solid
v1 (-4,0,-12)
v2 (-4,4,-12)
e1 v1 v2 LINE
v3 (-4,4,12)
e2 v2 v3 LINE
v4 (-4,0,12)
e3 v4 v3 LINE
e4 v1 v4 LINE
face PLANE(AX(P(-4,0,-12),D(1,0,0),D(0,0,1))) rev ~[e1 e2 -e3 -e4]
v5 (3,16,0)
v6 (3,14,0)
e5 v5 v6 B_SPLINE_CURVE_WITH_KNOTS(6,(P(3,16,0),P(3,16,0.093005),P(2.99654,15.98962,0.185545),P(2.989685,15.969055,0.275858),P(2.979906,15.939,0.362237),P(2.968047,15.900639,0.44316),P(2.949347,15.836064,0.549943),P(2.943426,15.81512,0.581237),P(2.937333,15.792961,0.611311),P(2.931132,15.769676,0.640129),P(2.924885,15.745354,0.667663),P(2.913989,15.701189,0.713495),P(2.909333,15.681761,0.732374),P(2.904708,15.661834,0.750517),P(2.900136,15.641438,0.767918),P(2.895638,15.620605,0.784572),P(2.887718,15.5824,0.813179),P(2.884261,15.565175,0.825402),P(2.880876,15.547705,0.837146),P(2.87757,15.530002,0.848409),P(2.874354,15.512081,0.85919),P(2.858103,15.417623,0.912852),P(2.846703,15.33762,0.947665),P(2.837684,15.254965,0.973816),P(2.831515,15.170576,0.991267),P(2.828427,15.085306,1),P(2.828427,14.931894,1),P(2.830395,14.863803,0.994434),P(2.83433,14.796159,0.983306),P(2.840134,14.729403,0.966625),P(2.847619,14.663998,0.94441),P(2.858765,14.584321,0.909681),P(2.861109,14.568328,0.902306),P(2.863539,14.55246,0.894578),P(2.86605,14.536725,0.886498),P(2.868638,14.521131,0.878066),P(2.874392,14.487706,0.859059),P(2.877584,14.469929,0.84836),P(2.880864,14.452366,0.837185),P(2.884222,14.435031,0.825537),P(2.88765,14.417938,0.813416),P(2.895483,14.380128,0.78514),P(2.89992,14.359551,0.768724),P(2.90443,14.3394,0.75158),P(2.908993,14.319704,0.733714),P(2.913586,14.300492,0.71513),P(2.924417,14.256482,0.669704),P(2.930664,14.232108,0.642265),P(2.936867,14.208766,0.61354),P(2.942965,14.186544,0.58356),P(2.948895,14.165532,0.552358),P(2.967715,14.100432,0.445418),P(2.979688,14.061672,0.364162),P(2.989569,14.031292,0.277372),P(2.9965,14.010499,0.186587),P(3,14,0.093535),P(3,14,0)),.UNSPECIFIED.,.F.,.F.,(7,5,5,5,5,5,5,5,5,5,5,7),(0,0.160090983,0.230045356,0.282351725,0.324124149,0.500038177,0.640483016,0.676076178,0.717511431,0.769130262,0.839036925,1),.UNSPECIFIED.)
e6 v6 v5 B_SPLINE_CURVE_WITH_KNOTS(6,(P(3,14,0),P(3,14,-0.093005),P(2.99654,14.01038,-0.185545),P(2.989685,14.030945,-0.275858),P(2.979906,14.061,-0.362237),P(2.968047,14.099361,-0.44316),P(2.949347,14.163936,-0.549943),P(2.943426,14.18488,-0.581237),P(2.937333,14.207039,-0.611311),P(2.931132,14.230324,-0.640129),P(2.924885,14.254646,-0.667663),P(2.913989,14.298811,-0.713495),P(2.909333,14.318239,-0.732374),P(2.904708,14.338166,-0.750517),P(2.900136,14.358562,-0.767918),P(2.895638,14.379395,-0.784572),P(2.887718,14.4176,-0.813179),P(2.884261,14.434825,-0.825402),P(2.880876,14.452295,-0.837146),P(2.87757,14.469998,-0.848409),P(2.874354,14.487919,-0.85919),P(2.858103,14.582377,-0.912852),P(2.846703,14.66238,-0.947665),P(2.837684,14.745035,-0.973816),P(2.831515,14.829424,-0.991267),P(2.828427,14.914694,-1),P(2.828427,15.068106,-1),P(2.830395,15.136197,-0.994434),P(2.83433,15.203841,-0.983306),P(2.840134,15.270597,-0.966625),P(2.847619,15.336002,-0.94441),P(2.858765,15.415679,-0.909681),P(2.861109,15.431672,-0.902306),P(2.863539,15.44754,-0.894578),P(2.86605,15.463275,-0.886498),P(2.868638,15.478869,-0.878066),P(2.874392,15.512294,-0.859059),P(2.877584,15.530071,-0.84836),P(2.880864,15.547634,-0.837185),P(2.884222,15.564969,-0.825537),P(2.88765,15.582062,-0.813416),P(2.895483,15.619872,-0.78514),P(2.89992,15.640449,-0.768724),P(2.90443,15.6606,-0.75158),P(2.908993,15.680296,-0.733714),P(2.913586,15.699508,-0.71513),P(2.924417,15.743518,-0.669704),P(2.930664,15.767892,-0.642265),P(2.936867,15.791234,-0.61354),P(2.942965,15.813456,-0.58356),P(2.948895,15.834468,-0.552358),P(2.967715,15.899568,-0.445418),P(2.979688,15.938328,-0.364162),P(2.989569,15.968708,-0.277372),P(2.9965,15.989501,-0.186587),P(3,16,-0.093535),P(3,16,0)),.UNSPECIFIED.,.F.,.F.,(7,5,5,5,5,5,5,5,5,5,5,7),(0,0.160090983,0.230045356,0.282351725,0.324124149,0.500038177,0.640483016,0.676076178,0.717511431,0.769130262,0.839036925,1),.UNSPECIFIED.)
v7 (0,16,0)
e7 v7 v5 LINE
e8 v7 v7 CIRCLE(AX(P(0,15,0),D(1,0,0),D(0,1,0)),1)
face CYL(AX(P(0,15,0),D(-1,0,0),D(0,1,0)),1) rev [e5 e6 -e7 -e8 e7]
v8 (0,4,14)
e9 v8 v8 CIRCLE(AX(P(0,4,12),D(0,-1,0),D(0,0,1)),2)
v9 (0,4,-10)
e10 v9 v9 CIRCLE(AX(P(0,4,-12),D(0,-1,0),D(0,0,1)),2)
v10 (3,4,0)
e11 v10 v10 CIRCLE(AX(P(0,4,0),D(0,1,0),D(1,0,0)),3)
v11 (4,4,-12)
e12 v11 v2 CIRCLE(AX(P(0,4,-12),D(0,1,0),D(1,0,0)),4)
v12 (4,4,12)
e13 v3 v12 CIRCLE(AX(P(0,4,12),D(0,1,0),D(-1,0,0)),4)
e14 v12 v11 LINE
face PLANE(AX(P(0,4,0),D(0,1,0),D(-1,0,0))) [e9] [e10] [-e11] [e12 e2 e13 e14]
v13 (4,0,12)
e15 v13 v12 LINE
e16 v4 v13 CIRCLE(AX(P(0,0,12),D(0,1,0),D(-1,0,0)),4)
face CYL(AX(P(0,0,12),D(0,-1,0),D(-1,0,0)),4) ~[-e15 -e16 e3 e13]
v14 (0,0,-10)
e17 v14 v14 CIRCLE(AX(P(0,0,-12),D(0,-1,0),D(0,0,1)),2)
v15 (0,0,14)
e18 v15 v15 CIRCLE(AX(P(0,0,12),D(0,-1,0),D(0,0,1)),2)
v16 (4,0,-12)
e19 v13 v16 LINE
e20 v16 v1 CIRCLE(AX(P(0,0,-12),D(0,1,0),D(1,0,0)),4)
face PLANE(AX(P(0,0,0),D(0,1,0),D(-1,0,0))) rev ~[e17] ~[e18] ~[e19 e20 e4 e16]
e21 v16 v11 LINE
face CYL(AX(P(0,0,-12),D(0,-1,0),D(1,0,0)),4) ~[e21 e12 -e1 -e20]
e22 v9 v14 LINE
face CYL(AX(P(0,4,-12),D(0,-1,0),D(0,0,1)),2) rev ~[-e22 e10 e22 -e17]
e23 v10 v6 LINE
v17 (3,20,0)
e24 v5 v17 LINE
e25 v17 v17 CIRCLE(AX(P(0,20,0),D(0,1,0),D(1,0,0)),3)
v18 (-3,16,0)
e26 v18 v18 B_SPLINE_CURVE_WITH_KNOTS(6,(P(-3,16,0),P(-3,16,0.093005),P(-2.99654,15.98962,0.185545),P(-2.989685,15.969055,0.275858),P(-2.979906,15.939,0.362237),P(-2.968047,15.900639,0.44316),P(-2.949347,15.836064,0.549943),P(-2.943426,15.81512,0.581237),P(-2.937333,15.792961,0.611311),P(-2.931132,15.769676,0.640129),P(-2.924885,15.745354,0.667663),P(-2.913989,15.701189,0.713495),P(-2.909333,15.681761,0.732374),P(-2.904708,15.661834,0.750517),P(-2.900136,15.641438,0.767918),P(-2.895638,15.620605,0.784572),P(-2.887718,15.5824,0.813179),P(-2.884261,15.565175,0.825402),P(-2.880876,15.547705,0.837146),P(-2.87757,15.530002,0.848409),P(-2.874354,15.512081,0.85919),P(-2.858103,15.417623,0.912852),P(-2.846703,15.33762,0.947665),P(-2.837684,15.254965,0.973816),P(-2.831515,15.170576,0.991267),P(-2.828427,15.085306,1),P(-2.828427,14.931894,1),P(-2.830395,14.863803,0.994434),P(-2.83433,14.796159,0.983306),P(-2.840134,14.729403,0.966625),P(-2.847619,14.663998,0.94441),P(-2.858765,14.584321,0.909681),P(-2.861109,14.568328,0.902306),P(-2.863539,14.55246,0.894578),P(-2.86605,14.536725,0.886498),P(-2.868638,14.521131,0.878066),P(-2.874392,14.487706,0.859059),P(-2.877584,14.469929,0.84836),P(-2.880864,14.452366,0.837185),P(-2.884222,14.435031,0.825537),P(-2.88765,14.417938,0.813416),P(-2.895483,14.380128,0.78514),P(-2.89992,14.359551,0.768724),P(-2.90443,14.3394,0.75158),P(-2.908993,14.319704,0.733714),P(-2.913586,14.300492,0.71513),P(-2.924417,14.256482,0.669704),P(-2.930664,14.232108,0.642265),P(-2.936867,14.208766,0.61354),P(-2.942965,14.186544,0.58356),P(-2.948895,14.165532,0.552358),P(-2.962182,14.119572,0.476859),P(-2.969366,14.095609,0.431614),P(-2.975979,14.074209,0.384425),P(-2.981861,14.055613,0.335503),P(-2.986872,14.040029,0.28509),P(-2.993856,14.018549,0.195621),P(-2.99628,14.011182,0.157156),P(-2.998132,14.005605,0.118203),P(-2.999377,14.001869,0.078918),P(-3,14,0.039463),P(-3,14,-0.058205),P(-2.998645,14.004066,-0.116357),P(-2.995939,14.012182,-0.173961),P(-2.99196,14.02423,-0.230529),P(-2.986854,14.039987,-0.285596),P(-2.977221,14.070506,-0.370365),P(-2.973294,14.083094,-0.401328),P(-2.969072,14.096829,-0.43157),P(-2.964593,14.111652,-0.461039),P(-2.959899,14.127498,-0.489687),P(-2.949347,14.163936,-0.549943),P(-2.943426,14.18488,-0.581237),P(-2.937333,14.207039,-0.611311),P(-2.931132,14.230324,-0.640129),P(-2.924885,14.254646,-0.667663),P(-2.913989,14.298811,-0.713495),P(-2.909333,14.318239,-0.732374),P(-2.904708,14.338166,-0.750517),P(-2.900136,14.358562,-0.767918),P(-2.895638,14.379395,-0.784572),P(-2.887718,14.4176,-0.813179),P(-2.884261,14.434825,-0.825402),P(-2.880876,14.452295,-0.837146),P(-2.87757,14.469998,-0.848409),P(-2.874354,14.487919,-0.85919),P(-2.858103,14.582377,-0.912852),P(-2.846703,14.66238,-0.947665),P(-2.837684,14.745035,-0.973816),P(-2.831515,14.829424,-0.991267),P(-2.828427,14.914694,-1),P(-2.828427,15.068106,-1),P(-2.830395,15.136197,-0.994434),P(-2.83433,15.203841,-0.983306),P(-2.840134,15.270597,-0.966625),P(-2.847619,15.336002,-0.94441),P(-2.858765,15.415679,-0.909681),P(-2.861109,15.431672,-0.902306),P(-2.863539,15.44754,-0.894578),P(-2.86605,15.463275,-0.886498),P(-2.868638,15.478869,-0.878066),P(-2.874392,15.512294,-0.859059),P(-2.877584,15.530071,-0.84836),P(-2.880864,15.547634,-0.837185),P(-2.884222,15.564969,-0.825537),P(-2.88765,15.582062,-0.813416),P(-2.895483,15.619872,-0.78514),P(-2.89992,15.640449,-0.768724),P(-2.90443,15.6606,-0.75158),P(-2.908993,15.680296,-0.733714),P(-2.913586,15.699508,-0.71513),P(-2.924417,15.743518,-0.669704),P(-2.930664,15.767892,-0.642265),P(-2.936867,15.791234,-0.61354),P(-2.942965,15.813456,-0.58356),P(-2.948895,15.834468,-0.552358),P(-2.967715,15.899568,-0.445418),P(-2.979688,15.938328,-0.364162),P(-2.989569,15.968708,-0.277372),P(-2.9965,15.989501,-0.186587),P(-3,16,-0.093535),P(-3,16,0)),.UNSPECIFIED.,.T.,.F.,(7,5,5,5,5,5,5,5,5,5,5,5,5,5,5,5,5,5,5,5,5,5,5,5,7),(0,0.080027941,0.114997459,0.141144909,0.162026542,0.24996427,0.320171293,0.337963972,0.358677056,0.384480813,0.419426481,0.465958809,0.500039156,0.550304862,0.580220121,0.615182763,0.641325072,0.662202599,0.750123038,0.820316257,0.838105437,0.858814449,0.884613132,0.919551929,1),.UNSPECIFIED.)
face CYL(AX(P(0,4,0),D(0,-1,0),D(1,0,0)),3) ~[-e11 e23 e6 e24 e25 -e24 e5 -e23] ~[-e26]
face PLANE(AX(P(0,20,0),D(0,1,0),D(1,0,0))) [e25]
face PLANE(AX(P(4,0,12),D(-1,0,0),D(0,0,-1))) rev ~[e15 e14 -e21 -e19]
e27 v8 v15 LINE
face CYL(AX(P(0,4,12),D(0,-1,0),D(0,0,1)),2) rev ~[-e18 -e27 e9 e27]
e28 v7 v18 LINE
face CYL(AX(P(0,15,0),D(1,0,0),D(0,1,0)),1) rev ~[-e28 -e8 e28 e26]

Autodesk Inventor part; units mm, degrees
ref_plane "YZ Plane" through (0, 0, 0) normal (1, 0, 0) x (0, 1, 0)
ref_plane "XZ Plane" through (0, 0, 0) normal (0, 1, 0) x (-1, 0, 0)
ref_plane "XY Plane" through (0, 0, 0) normal (0, 0, 1) x (1, 0, 0)
sketch "Sketch1" plane through (0, 0, 0) normal (0, 1, 0) x (-1, 0, 0)
  line L0 (0, 12) -> (0, -12) construction
  line L1 (-4, 12) -> (-4, -12)
  line L2 (4, -12) -> (4, 12)
  arc A0 (4, 12) -> (-4, 12) centre (0, 12) ccw
  arc A1 (-4, -12) -> (4, -12) centre (0, -12) ccw
  point P0 (0, 0)
  point P1 (0, 0)
  dimension "d0" = 24
  dimension "d1" = 8
extrude "Extrusion1" add sketch "Sketch1" along normal blind 4
sketch "Sketch2" plane through (0, 4, 0) normal (0, 1, 0) x (1, 0, 0)
  circle A0 centre (0, 0) radius 3
  dimension "d4" = 6
extrude "Extrusion2" add sketch "Sketch2" along normal blind 16
sketch "Sketch3" plane through (0, 0, 0) normal (1, 0, 0) x (0, 1, 0)
  circle A0 centre (15, 0) radius 1
  line L0 (20, -3) -> (20, 3) projected
  point P0 (0, 0)
  dimension "d7" = 2
  dimension "d8" = 5
extrude "Extrusion3" cut sketch "Sketch3" along normal mid plane 16
sketch "Sketch4" plane through (0, 4, 0) normal (0, 1, 0) x (1, 0, 0)
  arc A0 (4, 12) -> (-4, 12) centre (0, 12) ccw projected
  arc A1 (-4, -12) -> (4, -12) centre (0, -12) ccw projected
hole "Hole1" at (0, 4, 12) at (0, 4, -12) direction (0, -1, 0) diameter 4 end through all
properties part number "Crank"
